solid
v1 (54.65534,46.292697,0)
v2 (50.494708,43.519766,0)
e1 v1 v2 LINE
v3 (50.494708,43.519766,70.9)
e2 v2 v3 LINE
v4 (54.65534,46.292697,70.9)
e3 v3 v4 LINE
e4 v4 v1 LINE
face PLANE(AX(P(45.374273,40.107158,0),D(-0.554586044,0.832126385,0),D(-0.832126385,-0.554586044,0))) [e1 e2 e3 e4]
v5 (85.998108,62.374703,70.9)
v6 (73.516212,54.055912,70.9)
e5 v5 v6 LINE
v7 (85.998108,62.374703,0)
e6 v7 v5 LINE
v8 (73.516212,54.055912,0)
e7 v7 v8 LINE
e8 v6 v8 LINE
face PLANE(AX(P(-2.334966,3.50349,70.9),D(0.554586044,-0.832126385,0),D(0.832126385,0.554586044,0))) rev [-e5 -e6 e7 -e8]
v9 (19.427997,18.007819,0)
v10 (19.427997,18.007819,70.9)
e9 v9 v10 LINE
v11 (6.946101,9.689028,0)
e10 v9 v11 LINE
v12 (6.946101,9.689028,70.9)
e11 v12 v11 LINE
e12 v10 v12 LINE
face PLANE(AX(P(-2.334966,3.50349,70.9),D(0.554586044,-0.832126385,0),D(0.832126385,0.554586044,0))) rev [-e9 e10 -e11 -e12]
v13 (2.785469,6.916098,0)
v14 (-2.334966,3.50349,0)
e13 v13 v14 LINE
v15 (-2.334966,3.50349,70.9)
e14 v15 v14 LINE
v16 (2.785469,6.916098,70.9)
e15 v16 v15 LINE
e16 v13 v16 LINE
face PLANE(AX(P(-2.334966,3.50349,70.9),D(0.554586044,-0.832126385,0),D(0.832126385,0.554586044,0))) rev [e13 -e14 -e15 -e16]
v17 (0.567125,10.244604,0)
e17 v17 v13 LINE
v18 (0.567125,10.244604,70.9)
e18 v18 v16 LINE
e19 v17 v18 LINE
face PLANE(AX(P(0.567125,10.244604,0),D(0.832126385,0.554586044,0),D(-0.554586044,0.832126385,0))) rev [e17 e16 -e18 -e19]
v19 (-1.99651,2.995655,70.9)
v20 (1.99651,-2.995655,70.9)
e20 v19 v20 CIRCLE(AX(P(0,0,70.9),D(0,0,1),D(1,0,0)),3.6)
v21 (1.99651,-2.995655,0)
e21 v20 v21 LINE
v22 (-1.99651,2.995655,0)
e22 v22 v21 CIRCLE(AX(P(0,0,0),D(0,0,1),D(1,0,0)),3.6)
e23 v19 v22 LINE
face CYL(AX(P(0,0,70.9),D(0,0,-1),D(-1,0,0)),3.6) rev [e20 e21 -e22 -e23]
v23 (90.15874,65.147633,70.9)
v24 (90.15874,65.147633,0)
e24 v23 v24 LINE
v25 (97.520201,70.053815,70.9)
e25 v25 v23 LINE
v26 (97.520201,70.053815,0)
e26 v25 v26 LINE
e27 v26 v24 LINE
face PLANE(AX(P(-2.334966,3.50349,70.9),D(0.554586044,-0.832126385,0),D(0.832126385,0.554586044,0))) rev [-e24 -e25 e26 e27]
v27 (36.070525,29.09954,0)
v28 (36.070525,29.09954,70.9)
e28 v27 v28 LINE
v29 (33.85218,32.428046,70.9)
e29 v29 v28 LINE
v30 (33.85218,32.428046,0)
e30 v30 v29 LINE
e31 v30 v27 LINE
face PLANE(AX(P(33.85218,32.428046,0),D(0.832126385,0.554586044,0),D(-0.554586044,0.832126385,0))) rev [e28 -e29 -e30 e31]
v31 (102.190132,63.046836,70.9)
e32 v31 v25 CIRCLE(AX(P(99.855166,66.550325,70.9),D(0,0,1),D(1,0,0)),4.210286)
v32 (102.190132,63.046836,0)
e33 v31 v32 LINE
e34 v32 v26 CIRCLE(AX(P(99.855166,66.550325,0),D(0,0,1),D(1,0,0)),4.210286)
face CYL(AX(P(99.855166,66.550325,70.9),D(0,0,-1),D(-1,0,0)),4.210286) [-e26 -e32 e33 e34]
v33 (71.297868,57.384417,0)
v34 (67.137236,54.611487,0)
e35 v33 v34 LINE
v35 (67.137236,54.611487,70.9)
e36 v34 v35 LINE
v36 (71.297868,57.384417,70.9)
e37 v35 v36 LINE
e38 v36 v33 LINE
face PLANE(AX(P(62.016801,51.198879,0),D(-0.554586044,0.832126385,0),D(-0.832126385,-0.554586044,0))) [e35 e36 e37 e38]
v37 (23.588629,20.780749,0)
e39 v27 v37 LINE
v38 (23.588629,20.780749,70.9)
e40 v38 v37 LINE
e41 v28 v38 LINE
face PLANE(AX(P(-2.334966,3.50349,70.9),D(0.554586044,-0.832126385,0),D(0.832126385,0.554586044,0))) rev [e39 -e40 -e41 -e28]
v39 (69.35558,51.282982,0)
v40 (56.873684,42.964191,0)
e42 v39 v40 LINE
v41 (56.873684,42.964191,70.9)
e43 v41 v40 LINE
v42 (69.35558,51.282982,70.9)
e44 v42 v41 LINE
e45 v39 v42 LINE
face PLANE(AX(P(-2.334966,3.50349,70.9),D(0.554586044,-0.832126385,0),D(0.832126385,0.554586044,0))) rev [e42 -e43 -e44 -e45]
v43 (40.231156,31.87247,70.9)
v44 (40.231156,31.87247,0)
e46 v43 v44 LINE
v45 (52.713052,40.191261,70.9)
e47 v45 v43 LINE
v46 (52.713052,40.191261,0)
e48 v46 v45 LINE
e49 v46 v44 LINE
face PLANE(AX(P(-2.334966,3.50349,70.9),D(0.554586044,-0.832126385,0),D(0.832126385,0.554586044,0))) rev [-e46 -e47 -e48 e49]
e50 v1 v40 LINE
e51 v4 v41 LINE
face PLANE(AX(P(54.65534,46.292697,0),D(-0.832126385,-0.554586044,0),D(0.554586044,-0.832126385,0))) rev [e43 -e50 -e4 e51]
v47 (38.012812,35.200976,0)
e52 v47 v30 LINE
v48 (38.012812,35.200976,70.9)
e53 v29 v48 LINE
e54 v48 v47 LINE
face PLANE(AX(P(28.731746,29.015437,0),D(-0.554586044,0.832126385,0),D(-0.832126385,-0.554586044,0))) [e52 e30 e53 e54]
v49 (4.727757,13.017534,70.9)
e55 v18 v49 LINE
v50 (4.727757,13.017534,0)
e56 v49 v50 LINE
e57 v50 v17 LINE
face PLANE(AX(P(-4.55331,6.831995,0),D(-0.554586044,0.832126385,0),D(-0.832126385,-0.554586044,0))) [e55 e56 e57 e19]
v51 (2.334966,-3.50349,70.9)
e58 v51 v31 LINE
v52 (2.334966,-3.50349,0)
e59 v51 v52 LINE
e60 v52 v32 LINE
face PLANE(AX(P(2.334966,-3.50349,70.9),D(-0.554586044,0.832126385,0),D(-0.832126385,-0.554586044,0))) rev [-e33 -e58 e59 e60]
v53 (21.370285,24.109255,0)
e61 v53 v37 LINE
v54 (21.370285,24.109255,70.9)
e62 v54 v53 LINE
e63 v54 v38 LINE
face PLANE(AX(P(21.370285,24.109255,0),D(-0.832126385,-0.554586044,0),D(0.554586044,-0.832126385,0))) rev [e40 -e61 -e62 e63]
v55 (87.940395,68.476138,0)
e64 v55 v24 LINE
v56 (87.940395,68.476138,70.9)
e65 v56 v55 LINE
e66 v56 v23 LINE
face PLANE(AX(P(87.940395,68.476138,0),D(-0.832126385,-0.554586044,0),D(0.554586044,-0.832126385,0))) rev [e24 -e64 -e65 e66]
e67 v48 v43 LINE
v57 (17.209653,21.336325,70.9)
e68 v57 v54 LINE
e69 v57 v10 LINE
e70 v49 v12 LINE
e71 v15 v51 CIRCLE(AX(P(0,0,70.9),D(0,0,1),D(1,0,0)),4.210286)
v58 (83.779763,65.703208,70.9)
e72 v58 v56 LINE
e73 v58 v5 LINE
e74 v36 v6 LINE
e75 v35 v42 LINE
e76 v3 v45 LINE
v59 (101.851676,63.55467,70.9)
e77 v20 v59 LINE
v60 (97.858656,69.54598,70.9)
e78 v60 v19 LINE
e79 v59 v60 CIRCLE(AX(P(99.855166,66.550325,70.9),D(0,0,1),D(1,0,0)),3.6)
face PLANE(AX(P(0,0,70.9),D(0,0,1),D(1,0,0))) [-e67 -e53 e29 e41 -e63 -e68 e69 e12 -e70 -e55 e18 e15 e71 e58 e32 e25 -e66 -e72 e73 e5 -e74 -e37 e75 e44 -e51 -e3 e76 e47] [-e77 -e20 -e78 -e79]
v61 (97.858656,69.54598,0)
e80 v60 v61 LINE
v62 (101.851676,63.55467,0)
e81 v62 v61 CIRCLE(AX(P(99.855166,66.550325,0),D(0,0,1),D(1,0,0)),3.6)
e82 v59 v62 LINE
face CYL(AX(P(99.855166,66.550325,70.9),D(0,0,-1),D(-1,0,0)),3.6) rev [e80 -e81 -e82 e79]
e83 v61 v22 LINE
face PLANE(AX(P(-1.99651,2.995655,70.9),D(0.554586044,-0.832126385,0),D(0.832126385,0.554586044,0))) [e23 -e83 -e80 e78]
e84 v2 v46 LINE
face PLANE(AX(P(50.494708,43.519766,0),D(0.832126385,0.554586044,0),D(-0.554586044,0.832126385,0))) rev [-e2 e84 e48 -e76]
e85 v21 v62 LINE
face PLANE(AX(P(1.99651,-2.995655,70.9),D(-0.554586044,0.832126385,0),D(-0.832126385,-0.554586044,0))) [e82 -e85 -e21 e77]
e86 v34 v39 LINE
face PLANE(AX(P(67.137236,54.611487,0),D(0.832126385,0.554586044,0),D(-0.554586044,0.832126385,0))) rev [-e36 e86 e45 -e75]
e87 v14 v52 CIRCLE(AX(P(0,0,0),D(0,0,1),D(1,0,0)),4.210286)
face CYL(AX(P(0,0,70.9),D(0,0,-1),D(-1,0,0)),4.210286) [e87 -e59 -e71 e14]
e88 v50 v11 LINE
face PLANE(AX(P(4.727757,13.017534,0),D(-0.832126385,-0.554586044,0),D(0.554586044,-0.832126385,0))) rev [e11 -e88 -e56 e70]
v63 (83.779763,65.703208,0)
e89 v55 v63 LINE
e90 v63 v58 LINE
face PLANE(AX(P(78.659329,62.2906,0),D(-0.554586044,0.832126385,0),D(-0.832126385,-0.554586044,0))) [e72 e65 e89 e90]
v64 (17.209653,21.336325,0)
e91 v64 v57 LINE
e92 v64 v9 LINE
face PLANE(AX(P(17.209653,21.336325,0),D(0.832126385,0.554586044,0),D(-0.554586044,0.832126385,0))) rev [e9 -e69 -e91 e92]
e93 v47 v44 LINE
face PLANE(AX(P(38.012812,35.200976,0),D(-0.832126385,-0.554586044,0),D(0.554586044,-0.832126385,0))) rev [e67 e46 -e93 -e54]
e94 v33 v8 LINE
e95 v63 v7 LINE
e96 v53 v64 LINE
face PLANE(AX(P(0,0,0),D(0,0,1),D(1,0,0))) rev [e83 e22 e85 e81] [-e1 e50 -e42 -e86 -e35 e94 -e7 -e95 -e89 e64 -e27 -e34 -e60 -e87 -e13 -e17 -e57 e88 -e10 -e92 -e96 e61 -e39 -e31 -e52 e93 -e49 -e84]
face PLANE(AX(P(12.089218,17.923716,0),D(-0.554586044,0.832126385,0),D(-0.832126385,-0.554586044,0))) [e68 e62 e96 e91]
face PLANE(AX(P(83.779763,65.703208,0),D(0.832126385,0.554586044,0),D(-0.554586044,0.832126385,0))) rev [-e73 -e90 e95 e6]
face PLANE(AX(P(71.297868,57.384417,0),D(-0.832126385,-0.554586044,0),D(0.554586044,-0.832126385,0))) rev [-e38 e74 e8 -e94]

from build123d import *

# Parameters (mm, degrees)
BOSS_EXTRUDE1_DEPTH = 70.9
SKETCH6_W           = 5
SKETCH6_H           = 70.9
BOSS_EXTRUDE2_DEPTH = 4
LPATTERN1_COUNT     = 6
LPATTERN1_PITCH     = 20


with BuildPart() as part:
    # Sketch1 → Boss-Extrude1 (new body)
    with BuildSketch(Plane.XY):
        with BuildLine():
            Line((-2.334965582, 3.503489658), (97.520200597, 70.053814883))
            ThreePointArc((97.520200597, 70.053814883), (103.358655837, 68.885290806), (102.19013176, 63.046835566))
            Line((102.19013176, 63.046835566), (2.334965582, -3.503489658))
            ThreePointArc((2.334965582, -3.503489658), (-3.503489658, -2.334965582), (-2.334965582, 3.503489658))
        make_face()
        with BuildLine():
            Line((-1.996509757, 2.995654985), (97.858656422, 69.54598021))
            ThreePointArc((97.858656422, 69.54598021), (102.850821164, 68.546834981), (101.851675935, 63.554670239))
            Line((101.851675935, 63.554670239), (1.996509757, -2.995654985))
            ThreePointArc((1.996509757, -2.995654985), (-2.995654985, -1.996509757), (-1.996509757, 2.995654985))
        make_face(mode=Mode.SUBTRACT)
    extrude(amount=BOSS_EXTRUDE1_DEPTH)

    # Sketch6 → Boss-Extrude2 (add)
    with BuildSketch(Plane(origin=(-2.334965582, 3.503489658, 0), x_dir=(0.8321263848202342, 0.554586043536986, 0), z_dir=(-0.554586043536986, 0.8321263848202342, 0))):
        with Locations((8.653433918, -35.45)):
            Rectangle(SKETCH6_W, SKETCH6_H)
    boss_extrude2 = extrude(amount=BOSS_EXTRUDE2_DEPTH)

    # LPattern1: Boss-Extrude2 ×6
    with Locations(*[Vector(0.8321263848202339, 0.5545860435369864, 0) * (i * LPATTERN1_PITCH) for i in range(1, LPATTERN1_COUNT)]):
        add(boss_extrude2)


solid = part.part
